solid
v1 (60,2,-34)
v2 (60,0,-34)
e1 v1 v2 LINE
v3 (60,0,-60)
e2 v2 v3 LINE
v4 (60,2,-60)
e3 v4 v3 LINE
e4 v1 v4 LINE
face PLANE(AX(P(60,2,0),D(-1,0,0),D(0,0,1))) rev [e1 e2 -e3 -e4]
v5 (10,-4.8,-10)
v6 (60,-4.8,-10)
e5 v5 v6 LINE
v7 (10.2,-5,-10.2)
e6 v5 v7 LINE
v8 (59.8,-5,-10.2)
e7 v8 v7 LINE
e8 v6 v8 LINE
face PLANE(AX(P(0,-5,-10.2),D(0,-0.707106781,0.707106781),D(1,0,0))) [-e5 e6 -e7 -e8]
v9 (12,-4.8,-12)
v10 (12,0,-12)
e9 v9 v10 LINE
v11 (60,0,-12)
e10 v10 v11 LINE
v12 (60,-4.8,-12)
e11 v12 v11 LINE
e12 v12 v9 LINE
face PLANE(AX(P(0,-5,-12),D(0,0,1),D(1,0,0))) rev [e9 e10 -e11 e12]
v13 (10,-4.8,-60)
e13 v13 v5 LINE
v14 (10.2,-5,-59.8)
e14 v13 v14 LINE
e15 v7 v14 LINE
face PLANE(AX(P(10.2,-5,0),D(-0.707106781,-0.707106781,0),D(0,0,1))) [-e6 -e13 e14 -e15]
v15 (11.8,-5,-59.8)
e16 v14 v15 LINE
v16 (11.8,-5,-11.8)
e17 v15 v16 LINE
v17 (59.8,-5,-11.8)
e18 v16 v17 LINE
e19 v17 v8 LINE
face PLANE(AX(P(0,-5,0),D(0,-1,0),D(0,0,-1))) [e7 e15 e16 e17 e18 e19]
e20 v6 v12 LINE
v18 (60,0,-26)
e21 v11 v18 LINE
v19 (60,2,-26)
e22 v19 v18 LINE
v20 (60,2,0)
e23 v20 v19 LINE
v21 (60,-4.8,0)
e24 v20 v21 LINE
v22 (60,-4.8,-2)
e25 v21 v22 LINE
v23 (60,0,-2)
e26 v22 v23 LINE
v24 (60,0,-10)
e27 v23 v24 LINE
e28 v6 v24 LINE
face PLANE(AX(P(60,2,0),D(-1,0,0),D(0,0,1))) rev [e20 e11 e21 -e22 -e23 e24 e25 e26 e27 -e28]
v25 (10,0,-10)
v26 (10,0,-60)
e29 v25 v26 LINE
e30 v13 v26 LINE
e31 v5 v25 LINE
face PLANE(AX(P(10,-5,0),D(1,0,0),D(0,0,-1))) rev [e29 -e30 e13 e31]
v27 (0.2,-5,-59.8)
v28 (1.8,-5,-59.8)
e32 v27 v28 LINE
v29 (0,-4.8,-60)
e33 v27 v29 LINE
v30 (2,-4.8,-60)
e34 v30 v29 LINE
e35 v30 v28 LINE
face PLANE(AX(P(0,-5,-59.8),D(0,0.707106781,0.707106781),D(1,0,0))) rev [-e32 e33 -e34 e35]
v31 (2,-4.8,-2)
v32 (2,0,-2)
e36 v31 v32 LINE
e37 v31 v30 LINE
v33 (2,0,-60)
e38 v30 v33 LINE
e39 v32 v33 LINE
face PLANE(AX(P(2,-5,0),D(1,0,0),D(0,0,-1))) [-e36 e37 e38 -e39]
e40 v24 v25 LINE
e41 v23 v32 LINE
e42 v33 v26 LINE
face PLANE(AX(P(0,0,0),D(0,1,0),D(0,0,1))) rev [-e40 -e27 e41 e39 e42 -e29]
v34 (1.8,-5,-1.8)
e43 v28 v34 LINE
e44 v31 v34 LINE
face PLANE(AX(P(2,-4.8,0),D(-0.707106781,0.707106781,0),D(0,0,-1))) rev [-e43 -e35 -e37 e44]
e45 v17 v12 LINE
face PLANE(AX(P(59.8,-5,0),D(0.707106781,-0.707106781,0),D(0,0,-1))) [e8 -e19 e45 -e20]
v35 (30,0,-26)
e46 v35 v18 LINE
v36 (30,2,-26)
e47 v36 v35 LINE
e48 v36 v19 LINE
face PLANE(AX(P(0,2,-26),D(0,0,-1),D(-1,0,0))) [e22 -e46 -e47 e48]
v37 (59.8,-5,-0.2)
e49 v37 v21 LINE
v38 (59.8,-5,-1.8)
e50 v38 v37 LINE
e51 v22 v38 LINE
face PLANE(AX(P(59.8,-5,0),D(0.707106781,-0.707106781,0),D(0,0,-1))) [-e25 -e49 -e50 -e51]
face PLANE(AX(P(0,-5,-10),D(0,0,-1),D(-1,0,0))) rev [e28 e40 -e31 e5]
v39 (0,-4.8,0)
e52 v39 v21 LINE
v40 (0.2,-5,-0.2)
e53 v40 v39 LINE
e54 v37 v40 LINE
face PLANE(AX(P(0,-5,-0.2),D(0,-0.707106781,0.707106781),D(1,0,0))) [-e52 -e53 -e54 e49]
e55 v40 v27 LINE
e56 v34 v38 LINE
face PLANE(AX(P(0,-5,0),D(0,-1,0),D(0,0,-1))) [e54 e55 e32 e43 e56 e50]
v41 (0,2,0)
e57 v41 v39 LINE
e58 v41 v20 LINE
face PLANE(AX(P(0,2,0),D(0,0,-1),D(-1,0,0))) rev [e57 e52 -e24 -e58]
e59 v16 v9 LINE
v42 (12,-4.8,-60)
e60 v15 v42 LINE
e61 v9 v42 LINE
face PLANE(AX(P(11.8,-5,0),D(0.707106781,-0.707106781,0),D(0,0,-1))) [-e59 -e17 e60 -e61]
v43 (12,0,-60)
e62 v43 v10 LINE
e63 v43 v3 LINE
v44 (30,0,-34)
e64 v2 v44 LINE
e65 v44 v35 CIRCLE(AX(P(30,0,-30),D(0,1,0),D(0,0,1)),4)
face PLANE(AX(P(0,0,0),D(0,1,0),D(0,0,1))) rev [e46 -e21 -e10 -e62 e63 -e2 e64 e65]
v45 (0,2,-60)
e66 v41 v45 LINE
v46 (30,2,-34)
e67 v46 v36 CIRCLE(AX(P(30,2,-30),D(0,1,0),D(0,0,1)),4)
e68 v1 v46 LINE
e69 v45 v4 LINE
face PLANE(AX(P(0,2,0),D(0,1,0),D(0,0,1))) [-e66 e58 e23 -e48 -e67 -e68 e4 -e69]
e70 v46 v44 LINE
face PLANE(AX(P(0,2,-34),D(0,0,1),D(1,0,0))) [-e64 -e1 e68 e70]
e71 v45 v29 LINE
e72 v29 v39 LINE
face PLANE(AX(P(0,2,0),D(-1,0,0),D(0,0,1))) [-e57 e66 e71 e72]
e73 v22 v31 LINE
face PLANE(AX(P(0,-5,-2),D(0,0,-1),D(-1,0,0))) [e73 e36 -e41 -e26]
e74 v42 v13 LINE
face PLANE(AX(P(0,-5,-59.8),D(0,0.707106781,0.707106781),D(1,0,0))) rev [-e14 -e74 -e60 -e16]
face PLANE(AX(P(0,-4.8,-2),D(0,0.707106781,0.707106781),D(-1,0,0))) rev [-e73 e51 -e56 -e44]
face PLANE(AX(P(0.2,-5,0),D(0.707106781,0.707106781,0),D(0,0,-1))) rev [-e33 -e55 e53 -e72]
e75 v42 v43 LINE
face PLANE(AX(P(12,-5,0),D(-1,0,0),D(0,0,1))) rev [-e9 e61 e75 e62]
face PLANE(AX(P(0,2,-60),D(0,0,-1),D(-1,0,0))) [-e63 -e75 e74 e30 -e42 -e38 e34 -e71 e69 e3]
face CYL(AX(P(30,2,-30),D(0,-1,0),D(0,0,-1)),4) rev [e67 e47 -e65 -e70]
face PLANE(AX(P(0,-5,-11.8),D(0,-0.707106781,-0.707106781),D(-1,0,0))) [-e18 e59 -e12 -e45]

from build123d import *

# Parameters (mm, degrees)
BOSS_EXTRUDE1_DEPTH = 2
BOSS_EXTRUDE2_DEPTH = 5
CHAMFER1_SIZE       = 0.2


with BuildPart() as part:
    # Sketch1 → Boss-Extrude1 (new body)
    with BuildSketch(Plane(origin=(0, 0, 0), x_dir=(1, 0, 0), z_dir=(0, 1, 0))):
        with BuildLine():
            Line((60, 26), (30, 26))
            ThreePointArc((30, 26), (26, 30), (30, 34))
            Line((30, 34), (60, 34))
            Line((60, 34), (60, 60))
            Line((60, 60), (0, 60))
            Line((0, 60), (0, 0))
            Line((0, 0), (60, 0))
            Line((60, 0), (60, 26))
        make_face()
    extrude(amount=BOSS_EXTRUDE1_DEPTH)

    # Sketch2 → Boss-Extrude2 (add)
    with BuildSketch(Plane.XZ):
        Polygon((60, -12), (60, -10), (10, -10), (10, -60), (12, -60), (12, -12), align=None)
        Polygon((60, -2), (60, 0), (0, 0), (0, -60), (2, -60), (2, -10), (2, -2), (10, -2), align=None)
    extrude(amount=BOSS_EXTRUDE2_DEPTH)

    # Chamfer1
    chamfer1_edges = [part.edges().sort_by_distance(p)[0] for p in [
        (35, -5, -10),
        (10, -5, -35),
        (11, -5, -60),
        (12, -5, -36),
        (36, -5, -12),
        (60, -5, -11),
        (2, -5, -31),
        (31, -5, -2),
        (60, -5, -1),
        (30, -5, 0),
        (0, -5, -30),
        (1, -5, -60),
    ]]
    chamfer(chamfer1_edges, length=CHAMFER1_SIZE)


solid = part.part
